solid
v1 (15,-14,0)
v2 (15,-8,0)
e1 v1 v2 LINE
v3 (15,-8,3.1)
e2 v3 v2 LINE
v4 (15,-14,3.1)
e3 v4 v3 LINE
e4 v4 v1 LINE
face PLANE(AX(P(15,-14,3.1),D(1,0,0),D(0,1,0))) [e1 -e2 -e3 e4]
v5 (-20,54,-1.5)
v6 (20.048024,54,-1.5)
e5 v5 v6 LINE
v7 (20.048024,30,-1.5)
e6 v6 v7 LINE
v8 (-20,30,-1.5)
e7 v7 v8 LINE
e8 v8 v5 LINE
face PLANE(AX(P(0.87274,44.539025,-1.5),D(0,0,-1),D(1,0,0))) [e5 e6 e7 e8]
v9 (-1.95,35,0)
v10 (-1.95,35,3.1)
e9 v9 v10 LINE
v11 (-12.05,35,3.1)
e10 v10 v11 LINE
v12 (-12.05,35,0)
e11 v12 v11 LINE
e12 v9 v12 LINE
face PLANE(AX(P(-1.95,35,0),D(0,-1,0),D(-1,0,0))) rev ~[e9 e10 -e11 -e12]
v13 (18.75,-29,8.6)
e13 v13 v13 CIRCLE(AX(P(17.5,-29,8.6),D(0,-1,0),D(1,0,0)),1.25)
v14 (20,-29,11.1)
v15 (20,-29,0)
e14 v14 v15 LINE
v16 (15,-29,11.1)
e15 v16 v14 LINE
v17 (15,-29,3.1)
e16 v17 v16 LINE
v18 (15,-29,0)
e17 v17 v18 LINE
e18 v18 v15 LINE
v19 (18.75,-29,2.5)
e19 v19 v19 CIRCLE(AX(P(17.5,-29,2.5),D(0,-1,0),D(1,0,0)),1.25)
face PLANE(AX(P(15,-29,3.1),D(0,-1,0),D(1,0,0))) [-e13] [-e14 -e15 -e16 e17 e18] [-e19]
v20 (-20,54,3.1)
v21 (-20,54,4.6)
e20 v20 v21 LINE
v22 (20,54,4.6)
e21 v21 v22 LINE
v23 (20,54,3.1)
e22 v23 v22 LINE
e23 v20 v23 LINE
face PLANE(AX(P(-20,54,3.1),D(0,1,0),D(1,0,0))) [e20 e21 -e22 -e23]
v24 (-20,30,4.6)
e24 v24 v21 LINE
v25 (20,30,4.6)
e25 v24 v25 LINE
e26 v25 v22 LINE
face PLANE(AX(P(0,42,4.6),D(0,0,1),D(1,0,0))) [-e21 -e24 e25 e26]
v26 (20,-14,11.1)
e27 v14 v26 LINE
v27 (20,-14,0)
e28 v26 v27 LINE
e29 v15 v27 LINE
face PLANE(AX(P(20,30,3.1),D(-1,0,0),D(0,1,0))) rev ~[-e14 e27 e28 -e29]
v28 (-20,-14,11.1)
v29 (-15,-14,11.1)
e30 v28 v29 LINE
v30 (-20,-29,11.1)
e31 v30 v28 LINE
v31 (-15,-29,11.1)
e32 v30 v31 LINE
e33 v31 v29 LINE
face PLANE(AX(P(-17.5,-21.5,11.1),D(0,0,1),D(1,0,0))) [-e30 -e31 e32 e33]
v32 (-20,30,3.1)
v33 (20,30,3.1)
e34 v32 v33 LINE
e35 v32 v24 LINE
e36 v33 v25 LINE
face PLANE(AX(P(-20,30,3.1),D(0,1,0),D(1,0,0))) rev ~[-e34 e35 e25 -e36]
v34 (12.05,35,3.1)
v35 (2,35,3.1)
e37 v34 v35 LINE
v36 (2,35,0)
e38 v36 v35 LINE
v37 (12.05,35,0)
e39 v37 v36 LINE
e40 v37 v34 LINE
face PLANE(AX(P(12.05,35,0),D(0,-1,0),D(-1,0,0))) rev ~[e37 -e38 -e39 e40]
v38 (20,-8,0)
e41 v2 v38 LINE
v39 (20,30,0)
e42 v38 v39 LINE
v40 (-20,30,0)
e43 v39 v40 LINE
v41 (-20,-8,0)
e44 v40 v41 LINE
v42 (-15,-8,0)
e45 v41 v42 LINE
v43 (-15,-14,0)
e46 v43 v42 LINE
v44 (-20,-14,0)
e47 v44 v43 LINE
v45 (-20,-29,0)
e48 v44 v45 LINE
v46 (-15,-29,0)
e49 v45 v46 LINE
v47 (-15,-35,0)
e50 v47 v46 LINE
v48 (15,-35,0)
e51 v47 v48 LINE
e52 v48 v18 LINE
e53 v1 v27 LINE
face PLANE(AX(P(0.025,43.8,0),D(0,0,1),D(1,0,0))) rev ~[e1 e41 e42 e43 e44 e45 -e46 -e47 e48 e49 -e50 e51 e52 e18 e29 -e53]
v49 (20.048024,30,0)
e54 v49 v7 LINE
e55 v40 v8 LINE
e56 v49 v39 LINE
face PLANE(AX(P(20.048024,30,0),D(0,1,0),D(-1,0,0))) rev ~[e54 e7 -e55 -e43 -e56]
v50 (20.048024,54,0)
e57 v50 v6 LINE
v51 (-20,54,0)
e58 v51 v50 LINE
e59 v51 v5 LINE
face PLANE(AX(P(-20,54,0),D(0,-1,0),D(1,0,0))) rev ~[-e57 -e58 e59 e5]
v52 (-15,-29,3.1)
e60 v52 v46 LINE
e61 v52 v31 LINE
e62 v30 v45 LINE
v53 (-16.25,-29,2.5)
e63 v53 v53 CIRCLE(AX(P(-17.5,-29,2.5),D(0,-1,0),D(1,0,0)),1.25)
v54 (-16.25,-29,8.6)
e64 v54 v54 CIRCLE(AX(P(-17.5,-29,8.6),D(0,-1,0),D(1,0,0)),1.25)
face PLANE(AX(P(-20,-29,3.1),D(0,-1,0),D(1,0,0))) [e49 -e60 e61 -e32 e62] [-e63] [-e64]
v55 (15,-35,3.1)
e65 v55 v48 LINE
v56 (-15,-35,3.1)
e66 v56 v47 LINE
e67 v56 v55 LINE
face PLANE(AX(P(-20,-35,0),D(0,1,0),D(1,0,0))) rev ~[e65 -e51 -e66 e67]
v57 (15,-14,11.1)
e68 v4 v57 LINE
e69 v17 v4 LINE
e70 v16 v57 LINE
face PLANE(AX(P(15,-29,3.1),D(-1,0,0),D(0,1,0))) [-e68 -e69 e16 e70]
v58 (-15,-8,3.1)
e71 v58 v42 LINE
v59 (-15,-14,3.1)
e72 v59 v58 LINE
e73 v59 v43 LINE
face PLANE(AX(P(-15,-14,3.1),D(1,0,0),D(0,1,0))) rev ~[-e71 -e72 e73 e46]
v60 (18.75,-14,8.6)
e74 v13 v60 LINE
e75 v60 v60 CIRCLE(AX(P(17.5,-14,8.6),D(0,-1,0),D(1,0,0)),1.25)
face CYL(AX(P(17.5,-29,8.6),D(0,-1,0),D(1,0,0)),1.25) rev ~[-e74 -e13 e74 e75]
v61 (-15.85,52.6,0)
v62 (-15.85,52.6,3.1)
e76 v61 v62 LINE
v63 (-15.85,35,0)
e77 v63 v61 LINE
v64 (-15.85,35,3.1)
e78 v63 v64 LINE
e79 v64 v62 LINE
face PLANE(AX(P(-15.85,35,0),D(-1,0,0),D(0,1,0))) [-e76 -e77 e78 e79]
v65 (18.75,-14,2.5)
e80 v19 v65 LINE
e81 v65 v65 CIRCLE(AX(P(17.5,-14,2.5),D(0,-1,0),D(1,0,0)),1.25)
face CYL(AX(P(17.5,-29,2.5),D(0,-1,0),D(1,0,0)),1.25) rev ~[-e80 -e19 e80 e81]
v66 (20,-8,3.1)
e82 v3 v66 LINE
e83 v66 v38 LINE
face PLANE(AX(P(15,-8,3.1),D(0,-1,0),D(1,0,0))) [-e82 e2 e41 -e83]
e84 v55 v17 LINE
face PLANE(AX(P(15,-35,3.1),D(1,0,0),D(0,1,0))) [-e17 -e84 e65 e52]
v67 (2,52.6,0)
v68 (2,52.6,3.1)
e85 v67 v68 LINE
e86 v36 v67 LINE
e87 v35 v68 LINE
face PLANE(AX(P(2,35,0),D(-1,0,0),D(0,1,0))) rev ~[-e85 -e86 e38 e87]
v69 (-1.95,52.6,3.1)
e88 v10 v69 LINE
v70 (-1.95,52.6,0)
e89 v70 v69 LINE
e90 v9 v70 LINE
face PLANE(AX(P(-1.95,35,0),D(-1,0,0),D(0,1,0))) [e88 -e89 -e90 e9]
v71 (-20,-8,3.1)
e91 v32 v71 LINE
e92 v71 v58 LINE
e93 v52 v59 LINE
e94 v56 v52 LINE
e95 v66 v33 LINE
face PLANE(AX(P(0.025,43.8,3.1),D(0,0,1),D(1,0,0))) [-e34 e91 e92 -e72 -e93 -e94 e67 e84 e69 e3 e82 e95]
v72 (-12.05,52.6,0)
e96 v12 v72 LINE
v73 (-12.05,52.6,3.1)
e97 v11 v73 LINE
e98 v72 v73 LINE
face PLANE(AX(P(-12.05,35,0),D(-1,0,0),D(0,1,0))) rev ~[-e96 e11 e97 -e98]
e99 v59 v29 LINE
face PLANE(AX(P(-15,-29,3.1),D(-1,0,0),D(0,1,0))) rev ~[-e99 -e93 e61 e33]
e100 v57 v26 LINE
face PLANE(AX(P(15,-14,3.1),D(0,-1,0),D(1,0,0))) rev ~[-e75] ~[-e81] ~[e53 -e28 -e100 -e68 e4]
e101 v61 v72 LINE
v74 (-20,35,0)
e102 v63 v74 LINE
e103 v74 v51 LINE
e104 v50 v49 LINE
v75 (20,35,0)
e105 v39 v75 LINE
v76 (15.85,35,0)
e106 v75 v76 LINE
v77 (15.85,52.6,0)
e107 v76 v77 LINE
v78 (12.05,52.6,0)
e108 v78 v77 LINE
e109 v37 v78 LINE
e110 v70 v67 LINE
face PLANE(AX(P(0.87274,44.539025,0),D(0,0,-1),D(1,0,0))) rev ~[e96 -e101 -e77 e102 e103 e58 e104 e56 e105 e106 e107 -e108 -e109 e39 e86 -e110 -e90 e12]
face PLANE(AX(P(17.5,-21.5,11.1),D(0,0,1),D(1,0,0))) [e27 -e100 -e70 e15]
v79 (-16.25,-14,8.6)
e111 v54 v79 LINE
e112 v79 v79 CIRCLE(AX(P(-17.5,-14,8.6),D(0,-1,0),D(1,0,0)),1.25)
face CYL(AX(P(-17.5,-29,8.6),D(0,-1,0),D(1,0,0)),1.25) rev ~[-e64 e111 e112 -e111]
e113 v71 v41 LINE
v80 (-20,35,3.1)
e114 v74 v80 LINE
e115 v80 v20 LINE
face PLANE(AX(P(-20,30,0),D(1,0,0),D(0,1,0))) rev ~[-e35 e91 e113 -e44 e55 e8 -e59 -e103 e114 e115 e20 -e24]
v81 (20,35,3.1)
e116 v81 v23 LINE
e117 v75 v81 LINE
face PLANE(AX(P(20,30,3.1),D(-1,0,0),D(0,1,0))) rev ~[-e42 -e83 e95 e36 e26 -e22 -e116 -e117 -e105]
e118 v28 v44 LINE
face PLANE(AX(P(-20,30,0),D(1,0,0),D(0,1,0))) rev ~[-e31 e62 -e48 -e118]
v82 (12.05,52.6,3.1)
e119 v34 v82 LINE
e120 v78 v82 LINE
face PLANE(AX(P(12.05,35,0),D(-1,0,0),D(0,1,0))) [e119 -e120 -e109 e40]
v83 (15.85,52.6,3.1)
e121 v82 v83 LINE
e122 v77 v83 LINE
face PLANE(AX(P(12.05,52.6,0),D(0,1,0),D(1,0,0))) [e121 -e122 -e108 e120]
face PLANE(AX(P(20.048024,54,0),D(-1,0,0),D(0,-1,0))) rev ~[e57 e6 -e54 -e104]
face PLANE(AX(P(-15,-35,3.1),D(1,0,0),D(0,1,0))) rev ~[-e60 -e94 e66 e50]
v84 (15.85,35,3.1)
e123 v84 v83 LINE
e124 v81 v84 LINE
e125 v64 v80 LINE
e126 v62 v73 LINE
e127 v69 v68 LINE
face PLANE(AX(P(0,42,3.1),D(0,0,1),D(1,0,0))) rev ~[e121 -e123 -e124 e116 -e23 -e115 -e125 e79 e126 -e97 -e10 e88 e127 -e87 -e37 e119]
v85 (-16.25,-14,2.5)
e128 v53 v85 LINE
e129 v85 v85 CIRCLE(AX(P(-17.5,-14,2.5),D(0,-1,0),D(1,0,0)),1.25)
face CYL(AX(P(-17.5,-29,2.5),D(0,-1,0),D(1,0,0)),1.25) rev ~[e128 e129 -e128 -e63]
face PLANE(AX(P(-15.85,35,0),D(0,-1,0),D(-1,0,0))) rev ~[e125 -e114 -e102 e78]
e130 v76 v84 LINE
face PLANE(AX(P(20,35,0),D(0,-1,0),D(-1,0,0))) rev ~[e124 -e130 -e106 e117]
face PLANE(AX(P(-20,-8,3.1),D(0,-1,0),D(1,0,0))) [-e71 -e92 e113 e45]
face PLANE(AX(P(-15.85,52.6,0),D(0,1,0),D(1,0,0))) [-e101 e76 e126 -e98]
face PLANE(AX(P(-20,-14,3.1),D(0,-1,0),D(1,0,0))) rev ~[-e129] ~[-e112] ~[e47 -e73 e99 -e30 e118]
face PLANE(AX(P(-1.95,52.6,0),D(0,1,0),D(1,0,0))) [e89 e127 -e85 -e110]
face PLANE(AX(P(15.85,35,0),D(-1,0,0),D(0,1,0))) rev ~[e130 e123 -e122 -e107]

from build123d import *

# Parameters (mm, degrees)
F0_W      = 3.95
F0_H      = 17.6
F0_W_2    = 3.8
F1_DEPTH  = 3.1
F2_W      = 40
F2_H      = 24
F3_DEPTH  = 1.5
F5_DEPTH  = 1.5
F6_W      = 5
F6_H      = 15
F7_DEPTH  = 8
F8_W      = 5
F8_H      = 6
F9_DEPTH  = 4.601
F10_R     = 1.25
F11_DEPTH = 15
F12_R     = 1.25
F13_DEPTH = 15


with BuildPart() as f1:
    # F0 (on Top) → F1 (new body)
    with BuildSketch(Plane.XY):
        with Locations((0.025, 43.8)):
            Rectangle(F0_W, F0_H)
        with Locations((-13.95, 43.8)):
            Rectangle(F0_W_2, F0_H)
        with Locations((13.95, 43.8)):
            Rectangle(F0_W_2, F0_H)
        Polygon((20, -35), (20, 35), (15.85, 35), (12.05, 35), (2, 35), (-1.95, 35), (-12.05, 35), (-15.85, 35), (-20, 35), (-20, -35), align=None)
    extrude(amount=F1_DEPTH)

    # F2 (on face) → F3 (join)
    with BuildSketch(Plane.XY.offset(3.1)):
        with Locations((0, 42)):
            Rectangle(F2_W, F2_H)
    extrude(amount=F3_DEPTH)

    # F4 (on face) → F5 (join)
    with BuildSketch(Plane(origin=(0, 0, 0), x_dir=(1, 0, 0), z_dir=(0, 0, -1))):
        Polygon((20.048024, -30), (20, -30), (20, -35), (15.85, -35), (15.85, -52.6), (12.05, -52.6), (12.05, -35), (2, -35), (2, -52.6), (-1.95, -52.6), (-1.95, -35), (-12.05, -35), (-12.05, -52.6), (-15.85, -52.6), (-15.85, -35), (-20, -35), (-20, -54), (20.048024, -54), align=None)
        Polygon((20, -30), (-20, -30), (-20, -35), (-15.85, -35), (-15.85, -52.6), (-12.05, -52.6), (-12.05, -35), (-1.95, -35), (-1.95, -52.6), (2, -52.6), (2, -35), (12.05, -35), (12.05, -52.6), (15.85, -52.6), (15.85, -35), (20, -35), align=None)
    extrude(amount=F5_DEPTH)

    # F6 (on face) → F7 (join)
    with BuildSketch(Plane.XY.offset(3.1)):
        with Locations((17.5, -21.5)):
            Rectangle(F6_W, F6_H)
        with Locations((-17.5, -21.5)):
            Rectangle(F6_W, F6_H)
    extrude(amount=F7_DEPTH)

    # F8 (on face) → F9 (cut, through all)
    with BuildSketch(Plane.XY.offset(3.1)):
        with Locations((17.5, -32)):
            Rectangle(F8_W, F8_H)
        with Locations((17.5, -11)):
            Rectangle(F8_W, F8_H)
        with Locations((-17.5, -11)):
            Rectangle(F8_W, F8_H)
        with Locations((-17.5, -32)):
            Rectangle(F8_W, F8_H)
    extrude(amount=-F9_DEPTH, mode=Mode.SUBTRACT)

    # F10 (on face) → F11 (cut, through all)
    with BuildSketch(Plane.XZ.offset(29)):
        with Locations((17.5, 8.6)):
            Circle(F10_R)
        with Locations((17.5, 2.5)):
            Circle(F10_R)
    extrude(amount=-F11_DEPTH, mode=Mode.SUBTRACT)

    # F12 (on face) → F13 (cut, through all)
    with BuildSketch(Plane.XZ.offset(29)):
        with Locations((-17.5, 8.6)):
            Circle(F12_R)
        with Locations((-17.5, 2.5)):
            Circle(F12_R)
    extrude(amount=-F13_DEPTH, mode=Mode.SUBTRACT)


solid = f1.part
